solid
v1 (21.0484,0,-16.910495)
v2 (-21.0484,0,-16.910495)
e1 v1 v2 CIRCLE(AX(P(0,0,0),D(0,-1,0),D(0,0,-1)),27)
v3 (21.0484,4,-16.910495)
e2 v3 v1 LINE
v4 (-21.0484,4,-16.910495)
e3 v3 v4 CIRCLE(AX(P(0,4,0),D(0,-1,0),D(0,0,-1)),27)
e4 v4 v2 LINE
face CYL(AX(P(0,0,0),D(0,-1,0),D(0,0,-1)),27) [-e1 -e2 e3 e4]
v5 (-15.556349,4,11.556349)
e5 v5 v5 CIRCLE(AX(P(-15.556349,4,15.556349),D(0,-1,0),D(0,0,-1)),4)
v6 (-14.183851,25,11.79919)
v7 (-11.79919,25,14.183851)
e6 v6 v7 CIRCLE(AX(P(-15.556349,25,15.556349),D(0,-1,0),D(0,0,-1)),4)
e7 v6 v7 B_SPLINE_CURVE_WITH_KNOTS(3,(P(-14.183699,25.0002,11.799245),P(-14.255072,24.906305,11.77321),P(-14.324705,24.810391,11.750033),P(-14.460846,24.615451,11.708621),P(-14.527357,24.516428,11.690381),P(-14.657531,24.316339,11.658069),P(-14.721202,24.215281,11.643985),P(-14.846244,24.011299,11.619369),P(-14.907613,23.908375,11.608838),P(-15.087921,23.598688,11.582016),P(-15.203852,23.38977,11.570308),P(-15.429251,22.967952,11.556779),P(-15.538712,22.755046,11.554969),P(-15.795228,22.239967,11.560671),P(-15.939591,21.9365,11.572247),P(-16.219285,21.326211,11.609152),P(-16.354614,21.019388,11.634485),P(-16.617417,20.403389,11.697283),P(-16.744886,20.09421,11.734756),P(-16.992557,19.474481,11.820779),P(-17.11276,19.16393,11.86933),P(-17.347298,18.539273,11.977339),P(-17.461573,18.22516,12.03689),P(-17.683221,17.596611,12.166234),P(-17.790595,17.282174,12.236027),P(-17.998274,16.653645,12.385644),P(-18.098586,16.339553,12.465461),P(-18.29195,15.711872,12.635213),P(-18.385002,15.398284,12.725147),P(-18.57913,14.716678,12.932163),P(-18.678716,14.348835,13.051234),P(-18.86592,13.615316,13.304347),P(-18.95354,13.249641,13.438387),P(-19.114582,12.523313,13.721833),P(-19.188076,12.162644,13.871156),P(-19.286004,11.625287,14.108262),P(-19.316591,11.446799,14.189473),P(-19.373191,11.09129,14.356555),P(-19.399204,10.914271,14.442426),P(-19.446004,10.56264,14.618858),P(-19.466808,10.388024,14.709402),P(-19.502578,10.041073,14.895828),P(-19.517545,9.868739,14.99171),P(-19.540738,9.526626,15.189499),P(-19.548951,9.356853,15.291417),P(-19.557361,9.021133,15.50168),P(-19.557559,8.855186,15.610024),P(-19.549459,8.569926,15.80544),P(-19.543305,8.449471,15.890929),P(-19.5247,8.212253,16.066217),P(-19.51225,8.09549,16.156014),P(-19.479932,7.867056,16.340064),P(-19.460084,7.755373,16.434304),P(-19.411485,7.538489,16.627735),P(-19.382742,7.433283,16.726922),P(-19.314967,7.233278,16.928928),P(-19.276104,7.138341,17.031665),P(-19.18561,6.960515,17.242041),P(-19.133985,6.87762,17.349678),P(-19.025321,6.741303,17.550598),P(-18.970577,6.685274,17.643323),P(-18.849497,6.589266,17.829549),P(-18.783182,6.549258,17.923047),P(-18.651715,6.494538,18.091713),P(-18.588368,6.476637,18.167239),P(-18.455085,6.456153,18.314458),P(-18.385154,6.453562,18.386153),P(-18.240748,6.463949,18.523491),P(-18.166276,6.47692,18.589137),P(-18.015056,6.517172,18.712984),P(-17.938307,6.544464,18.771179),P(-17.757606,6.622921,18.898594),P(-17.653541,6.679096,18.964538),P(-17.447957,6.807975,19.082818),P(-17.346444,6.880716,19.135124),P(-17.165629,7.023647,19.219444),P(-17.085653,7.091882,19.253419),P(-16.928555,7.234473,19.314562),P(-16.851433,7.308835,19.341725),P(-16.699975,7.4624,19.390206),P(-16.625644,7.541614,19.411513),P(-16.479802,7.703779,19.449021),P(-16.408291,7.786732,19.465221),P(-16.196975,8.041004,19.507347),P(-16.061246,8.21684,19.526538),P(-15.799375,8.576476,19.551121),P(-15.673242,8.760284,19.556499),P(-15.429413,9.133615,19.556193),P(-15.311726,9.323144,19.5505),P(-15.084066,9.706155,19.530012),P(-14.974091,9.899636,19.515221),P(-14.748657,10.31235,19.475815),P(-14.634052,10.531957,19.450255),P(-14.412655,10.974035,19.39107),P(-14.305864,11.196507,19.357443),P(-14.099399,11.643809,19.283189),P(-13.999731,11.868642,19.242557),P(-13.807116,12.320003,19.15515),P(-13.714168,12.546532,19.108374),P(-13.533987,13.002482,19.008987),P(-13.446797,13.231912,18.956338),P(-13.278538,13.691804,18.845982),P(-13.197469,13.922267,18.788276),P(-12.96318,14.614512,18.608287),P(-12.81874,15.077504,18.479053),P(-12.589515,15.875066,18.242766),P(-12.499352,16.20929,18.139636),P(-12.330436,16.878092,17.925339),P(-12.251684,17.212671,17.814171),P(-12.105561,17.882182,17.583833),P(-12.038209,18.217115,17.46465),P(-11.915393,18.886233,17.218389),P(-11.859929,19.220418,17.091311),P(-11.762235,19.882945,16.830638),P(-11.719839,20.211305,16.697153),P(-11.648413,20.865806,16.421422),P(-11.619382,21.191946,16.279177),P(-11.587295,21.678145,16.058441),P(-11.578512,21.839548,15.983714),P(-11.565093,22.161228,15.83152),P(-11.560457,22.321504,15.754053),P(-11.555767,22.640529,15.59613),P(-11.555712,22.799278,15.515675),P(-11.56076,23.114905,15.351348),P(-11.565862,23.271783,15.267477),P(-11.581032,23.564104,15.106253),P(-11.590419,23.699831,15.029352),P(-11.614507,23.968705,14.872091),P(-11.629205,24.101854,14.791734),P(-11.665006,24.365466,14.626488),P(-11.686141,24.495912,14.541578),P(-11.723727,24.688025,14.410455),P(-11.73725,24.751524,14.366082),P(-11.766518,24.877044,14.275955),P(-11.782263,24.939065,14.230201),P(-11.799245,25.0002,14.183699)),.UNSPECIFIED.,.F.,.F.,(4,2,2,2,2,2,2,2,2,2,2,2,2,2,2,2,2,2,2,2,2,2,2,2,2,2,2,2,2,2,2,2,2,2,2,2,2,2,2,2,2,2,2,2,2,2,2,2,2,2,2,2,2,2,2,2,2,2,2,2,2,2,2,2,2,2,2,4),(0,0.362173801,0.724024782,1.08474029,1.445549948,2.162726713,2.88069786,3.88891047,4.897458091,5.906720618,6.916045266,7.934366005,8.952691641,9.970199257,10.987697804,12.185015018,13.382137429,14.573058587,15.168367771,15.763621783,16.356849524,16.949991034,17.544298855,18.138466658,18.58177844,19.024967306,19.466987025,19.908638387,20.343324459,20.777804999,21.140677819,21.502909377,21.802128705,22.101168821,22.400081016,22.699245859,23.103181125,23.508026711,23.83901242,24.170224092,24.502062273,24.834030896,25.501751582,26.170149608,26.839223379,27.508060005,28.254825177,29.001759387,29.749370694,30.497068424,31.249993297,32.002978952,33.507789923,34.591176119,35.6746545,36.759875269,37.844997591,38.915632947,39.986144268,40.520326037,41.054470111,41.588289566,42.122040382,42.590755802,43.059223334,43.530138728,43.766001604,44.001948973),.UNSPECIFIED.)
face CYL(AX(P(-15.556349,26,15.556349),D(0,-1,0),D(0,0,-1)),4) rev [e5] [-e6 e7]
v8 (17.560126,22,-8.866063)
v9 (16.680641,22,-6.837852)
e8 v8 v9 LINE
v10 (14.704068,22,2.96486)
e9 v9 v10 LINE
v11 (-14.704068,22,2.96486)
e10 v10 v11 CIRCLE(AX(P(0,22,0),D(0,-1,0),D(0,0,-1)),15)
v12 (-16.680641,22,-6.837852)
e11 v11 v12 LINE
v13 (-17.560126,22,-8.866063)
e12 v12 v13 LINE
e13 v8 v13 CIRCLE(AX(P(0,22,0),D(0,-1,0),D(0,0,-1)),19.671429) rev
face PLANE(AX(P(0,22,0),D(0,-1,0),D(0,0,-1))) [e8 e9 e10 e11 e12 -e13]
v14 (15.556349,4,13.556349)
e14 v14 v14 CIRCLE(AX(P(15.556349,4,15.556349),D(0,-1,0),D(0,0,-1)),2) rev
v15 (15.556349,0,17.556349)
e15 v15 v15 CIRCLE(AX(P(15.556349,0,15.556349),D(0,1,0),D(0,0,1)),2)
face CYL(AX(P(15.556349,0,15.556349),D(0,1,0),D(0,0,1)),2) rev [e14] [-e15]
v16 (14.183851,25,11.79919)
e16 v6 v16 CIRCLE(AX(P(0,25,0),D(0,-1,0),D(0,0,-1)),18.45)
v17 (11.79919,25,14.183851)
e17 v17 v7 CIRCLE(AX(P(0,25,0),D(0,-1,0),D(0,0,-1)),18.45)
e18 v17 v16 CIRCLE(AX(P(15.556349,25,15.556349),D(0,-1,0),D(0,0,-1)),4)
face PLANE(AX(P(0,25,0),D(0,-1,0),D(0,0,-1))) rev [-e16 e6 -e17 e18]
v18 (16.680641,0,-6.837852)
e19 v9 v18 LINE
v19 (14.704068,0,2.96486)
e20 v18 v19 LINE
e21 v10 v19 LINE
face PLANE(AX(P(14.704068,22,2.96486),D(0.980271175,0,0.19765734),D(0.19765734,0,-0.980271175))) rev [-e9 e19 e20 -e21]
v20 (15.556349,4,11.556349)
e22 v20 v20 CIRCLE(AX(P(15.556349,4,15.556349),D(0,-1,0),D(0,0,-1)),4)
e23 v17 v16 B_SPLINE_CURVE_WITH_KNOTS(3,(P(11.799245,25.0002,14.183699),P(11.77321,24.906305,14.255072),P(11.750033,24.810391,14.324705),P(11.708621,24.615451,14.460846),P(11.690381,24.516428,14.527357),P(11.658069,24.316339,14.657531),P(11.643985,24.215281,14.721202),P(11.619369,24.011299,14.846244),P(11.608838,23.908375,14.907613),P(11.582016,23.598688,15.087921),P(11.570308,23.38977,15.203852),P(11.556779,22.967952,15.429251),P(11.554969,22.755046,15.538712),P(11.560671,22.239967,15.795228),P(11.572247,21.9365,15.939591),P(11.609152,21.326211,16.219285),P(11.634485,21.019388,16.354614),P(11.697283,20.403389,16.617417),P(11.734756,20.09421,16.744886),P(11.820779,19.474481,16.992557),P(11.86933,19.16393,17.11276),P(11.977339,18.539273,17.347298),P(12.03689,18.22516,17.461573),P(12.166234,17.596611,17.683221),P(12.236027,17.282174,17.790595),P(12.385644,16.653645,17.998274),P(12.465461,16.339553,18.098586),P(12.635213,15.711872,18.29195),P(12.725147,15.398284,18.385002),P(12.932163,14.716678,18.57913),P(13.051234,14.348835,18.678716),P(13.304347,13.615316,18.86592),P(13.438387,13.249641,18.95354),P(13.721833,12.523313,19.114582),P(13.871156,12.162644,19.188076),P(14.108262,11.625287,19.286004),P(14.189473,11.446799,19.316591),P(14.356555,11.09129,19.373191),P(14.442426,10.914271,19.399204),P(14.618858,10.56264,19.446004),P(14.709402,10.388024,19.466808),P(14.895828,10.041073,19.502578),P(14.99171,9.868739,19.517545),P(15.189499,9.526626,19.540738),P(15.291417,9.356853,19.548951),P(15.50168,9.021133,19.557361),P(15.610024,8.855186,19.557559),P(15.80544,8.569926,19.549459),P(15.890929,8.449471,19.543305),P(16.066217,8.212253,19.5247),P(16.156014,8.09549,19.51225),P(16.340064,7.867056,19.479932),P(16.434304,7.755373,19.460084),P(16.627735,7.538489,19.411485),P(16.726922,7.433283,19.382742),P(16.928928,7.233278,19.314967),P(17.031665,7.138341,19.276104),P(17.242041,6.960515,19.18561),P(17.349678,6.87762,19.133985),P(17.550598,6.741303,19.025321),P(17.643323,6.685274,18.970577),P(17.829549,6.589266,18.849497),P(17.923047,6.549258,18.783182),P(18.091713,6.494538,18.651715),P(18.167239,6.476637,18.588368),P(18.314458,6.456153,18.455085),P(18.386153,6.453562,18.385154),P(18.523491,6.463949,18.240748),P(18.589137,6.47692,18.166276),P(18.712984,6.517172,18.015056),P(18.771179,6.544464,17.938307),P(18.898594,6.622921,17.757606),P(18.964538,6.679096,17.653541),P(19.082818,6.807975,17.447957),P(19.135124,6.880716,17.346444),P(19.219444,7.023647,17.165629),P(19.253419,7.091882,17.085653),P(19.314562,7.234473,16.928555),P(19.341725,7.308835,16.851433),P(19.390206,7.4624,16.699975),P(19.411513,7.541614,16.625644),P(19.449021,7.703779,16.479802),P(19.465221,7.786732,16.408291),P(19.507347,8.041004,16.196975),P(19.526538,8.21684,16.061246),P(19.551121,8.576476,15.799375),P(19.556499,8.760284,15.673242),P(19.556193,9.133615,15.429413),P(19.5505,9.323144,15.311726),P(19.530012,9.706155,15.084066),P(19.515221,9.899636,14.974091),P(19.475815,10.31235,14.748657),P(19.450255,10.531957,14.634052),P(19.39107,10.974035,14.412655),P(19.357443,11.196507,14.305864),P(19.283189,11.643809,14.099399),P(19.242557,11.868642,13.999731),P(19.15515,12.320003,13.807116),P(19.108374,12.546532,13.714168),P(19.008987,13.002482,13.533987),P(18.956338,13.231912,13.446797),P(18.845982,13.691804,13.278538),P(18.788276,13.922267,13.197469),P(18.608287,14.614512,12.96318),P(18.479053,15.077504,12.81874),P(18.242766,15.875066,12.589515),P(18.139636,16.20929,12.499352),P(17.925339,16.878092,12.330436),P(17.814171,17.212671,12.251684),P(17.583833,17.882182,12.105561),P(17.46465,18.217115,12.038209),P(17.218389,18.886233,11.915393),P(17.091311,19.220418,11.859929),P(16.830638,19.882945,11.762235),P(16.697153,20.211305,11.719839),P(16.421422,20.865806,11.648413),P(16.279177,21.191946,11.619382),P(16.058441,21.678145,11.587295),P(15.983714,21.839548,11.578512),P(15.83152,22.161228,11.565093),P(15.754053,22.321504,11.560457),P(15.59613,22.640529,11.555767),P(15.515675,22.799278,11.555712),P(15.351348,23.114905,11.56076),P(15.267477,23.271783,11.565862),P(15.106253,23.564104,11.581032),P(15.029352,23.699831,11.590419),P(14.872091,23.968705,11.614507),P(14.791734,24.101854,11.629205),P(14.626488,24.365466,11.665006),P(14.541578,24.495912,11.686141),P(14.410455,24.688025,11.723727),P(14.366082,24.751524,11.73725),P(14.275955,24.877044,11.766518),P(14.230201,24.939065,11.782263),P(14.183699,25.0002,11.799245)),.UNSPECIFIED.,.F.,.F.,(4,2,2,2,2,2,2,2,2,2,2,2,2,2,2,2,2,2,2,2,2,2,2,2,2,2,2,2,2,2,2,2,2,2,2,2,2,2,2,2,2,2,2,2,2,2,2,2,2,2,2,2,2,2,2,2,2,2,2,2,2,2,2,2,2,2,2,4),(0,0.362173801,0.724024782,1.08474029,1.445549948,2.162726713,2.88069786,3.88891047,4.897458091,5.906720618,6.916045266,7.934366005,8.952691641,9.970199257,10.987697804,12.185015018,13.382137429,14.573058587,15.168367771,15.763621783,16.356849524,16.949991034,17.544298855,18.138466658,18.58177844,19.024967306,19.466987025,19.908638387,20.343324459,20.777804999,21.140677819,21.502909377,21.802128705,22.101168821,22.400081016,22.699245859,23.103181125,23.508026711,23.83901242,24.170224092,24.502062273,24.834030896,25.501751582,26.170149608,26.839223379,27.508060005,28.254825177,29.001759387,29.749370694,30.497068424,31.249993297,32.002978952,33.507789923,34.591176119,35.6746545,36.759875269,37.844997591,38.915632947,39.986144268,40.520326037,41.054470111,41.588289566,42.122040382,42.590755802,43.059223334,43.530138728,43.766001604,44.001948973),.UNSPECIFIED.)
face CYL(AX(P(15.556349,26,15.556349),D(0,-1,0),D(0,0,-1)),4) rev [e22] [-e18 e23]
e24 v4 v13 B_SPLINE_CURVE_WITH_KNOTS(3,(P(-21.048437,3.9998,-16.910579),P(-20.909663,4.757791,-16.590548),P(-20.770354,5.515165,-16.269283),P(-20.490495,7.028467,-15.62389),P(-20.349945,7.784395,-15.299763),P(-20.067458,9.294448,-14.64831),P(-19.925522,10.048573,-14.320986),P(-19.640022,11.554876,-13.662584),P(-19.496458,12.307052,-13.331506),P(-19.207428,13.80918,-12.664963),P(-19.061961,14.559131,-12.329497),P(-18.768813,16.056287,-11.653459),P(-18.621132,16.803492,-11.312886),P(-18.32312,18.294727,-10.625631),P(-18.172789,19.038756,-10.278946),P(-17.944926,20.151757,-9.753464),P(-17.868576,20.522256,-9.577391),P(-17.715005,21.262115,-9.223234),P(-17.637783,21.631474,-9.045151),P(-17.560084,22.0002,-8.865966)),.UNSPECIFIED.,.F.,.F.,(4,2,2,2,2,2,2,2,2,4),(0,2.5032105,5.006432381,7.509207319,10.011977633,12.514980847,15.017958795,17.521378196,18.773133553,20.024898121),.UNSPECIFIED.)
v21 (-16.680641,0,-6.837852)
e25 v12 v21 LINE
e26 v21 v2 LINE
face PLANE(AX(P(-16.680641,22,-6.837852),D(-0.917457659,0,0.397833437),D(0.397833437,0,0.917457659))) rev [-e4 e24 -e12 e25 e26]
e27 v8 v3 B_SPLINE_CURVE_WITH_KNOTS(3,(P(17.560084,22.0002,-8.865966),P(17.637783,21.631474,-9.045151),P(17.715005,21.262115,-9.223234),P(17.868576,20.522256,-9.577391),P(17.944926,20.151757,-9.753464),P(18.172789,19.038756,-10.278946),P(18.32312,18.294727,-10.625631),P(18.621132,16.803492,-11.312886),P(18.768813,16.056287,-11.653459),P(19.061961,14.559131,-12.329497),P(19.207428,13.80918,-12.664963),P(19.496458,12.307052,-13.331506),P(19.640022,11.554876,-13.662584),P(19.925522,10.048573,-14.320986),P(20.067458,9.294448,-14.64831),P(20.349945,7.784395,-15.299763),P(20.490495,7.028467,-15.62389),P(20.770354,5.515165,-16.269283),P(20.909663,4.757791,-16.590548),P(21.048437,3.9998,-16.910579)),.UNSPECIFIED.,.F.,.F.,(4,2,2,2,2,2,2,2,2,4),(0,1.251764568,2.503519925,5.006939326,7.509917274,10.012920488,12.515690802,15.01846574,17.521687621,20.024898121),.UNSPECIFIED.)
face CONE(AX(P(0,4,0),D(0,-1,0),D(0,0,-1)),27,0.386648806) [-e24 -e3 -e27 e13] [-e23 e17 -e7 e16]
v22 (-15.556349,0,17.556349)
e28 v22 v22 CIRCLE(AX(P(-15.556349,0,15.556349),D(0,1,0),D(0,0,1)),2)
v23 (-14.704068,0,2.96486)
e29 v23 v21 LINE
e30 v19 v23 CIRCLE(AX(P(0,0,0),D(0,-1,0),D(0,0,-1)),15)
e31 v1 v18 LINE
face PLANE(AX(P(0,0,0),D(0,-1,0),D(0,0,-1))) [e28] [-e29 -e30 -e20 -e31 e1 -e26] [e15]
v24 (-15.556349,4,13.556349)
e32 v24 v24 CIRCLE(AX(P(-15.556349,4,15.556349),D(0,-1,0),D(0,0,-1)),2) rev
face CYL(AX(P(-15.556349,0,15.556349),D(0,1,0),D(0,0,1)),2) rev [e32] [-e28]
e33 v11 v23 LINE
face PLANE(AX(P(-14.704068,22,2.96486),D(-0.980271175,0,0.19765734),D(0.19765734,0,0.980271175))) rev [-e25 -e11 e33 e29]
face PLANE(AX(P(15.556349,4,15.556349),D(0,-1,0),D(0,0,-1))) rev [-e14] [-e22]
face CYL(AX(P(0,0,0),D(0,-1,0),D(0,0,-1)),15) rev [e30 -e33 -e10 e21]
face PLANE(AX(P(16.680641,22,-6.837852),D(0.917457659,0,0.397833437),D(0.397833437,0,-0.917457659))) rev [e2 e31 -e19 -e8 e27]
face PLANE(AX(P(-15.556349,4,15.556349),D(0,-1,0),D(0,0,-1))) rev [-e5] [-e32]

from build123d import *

# Parameters (mm, degrees)
SKETCH5_R          = 2
CUT_EXTRUDE2_DEPTH = 46.639894829
SKETCH6_R          = 4
CUT_EXTRUDE3_DEPTH = 22
SKETCH7_R          = 4.5
CUT_EXTRUDE4_DEPTH = 22
CUT_EXTRUDE5_DEPTH = 22


with BuildPart() as part:
    # Sketch2 → Revolve1 (revolve)
    with BuildSketch(Plane(origin=(0, 0, 0), x_dir=(0, 0, -1), z_dir=(1, 0, 0))):
        Polygon((-18.45, 25), (-27, 4), (-27, 0), (-15, 0), (-15, 22), (0, 22), (0, 25), align=None)
    revolve(axis=Axis((0, 0, 0), (0, 1, 0)))

    # Sketch5 → Cut-Extrude2 (cut, through all)
    with BuildSketch(Plane(origin=(0, 25, 0), x_dir=(1, 0, 0), z_dir=(0, 1, 0))):
        with Locations((-15.556349186, -15.556349186)):
            Circle(SKETCH5_R)
        with Locations((15.556349186, -15.556349186)):
            Circle(SKETCH5_R)
    extrude(amount=-CUT_EXTRUDE2_DEPTH, mode=Mode.SUBTRACT)

    # Sketch6 → Cut-Extrude3 (cut)
    with BuildSketch(Plane(origin=(0, 4, 0), x_dir=(-1, 0, 0), z_dir=(0, -1, 0))):
        with Locations((15.556349186, -15.556349186)):
            Circle(SKETCH6_R)
        with Locations((-15.556349186, -15.556349186)):
            Circle(SKETCH6_R)
    extrude(amount=-CUT_EXTRUDE3_DEPTH, mode=Mode.SUBTRACT)

    # Sketch7 → Cut-Extrude4 (cut)
    with BuildSketch(Plane(origin=(0, 0, 0), x_dir=(-1, 0, 0), z_dir=(0, -1, 0))):
        with Locations((15.556349186, 15.556349186)):
            Circle(SKETCH7_R)
        with Locations((-15.556349186, 15.556349186)):
            Circle(SKETCH7_R)
    extrude(amount=-CUT_EXTRUDE4_DEPTH, mode=Mode.SUBTRACT)

    # Sketch10 → Cut-Extrude5 (cut)
    with BuildSketch(Plane.XZ):
        with BuildLine():
            Line((-14.704067619, 2.964860106), (-16.680641023, -6.837851641))
            Line((-16.680641023, -6.837851641), (-21.048400418, -16.910494961))
            ThreePointArc((-21.048400418, -16.910494961), (-18.731046773, -19.446024961), (-16.110526631, -21.666816371))
            ThreePointArc((-16.110526631, -21.666816371), (0, -27), (16.110526631, -21.666816371))
            ThreePointArc((16.110526631, -21.666816371), (18.731046773, -19.446024961), (21.048400418, -16.910494961))
            Line((21.048400418, -16.910494961), (16.680641023, -6.837851641))
            Line((16.680641023, -6.837851641), (14.704067619, 2.964860106))
            ThreePointArc((14.704067619, 2.964860106), (0, 15), (-14.704067619, 2.964860106))
        make_face()
    extrude(amount=-CUT_EXTRUDE5_DEPTH, mode=Mode.SUBTRACT)


solid = part.part
